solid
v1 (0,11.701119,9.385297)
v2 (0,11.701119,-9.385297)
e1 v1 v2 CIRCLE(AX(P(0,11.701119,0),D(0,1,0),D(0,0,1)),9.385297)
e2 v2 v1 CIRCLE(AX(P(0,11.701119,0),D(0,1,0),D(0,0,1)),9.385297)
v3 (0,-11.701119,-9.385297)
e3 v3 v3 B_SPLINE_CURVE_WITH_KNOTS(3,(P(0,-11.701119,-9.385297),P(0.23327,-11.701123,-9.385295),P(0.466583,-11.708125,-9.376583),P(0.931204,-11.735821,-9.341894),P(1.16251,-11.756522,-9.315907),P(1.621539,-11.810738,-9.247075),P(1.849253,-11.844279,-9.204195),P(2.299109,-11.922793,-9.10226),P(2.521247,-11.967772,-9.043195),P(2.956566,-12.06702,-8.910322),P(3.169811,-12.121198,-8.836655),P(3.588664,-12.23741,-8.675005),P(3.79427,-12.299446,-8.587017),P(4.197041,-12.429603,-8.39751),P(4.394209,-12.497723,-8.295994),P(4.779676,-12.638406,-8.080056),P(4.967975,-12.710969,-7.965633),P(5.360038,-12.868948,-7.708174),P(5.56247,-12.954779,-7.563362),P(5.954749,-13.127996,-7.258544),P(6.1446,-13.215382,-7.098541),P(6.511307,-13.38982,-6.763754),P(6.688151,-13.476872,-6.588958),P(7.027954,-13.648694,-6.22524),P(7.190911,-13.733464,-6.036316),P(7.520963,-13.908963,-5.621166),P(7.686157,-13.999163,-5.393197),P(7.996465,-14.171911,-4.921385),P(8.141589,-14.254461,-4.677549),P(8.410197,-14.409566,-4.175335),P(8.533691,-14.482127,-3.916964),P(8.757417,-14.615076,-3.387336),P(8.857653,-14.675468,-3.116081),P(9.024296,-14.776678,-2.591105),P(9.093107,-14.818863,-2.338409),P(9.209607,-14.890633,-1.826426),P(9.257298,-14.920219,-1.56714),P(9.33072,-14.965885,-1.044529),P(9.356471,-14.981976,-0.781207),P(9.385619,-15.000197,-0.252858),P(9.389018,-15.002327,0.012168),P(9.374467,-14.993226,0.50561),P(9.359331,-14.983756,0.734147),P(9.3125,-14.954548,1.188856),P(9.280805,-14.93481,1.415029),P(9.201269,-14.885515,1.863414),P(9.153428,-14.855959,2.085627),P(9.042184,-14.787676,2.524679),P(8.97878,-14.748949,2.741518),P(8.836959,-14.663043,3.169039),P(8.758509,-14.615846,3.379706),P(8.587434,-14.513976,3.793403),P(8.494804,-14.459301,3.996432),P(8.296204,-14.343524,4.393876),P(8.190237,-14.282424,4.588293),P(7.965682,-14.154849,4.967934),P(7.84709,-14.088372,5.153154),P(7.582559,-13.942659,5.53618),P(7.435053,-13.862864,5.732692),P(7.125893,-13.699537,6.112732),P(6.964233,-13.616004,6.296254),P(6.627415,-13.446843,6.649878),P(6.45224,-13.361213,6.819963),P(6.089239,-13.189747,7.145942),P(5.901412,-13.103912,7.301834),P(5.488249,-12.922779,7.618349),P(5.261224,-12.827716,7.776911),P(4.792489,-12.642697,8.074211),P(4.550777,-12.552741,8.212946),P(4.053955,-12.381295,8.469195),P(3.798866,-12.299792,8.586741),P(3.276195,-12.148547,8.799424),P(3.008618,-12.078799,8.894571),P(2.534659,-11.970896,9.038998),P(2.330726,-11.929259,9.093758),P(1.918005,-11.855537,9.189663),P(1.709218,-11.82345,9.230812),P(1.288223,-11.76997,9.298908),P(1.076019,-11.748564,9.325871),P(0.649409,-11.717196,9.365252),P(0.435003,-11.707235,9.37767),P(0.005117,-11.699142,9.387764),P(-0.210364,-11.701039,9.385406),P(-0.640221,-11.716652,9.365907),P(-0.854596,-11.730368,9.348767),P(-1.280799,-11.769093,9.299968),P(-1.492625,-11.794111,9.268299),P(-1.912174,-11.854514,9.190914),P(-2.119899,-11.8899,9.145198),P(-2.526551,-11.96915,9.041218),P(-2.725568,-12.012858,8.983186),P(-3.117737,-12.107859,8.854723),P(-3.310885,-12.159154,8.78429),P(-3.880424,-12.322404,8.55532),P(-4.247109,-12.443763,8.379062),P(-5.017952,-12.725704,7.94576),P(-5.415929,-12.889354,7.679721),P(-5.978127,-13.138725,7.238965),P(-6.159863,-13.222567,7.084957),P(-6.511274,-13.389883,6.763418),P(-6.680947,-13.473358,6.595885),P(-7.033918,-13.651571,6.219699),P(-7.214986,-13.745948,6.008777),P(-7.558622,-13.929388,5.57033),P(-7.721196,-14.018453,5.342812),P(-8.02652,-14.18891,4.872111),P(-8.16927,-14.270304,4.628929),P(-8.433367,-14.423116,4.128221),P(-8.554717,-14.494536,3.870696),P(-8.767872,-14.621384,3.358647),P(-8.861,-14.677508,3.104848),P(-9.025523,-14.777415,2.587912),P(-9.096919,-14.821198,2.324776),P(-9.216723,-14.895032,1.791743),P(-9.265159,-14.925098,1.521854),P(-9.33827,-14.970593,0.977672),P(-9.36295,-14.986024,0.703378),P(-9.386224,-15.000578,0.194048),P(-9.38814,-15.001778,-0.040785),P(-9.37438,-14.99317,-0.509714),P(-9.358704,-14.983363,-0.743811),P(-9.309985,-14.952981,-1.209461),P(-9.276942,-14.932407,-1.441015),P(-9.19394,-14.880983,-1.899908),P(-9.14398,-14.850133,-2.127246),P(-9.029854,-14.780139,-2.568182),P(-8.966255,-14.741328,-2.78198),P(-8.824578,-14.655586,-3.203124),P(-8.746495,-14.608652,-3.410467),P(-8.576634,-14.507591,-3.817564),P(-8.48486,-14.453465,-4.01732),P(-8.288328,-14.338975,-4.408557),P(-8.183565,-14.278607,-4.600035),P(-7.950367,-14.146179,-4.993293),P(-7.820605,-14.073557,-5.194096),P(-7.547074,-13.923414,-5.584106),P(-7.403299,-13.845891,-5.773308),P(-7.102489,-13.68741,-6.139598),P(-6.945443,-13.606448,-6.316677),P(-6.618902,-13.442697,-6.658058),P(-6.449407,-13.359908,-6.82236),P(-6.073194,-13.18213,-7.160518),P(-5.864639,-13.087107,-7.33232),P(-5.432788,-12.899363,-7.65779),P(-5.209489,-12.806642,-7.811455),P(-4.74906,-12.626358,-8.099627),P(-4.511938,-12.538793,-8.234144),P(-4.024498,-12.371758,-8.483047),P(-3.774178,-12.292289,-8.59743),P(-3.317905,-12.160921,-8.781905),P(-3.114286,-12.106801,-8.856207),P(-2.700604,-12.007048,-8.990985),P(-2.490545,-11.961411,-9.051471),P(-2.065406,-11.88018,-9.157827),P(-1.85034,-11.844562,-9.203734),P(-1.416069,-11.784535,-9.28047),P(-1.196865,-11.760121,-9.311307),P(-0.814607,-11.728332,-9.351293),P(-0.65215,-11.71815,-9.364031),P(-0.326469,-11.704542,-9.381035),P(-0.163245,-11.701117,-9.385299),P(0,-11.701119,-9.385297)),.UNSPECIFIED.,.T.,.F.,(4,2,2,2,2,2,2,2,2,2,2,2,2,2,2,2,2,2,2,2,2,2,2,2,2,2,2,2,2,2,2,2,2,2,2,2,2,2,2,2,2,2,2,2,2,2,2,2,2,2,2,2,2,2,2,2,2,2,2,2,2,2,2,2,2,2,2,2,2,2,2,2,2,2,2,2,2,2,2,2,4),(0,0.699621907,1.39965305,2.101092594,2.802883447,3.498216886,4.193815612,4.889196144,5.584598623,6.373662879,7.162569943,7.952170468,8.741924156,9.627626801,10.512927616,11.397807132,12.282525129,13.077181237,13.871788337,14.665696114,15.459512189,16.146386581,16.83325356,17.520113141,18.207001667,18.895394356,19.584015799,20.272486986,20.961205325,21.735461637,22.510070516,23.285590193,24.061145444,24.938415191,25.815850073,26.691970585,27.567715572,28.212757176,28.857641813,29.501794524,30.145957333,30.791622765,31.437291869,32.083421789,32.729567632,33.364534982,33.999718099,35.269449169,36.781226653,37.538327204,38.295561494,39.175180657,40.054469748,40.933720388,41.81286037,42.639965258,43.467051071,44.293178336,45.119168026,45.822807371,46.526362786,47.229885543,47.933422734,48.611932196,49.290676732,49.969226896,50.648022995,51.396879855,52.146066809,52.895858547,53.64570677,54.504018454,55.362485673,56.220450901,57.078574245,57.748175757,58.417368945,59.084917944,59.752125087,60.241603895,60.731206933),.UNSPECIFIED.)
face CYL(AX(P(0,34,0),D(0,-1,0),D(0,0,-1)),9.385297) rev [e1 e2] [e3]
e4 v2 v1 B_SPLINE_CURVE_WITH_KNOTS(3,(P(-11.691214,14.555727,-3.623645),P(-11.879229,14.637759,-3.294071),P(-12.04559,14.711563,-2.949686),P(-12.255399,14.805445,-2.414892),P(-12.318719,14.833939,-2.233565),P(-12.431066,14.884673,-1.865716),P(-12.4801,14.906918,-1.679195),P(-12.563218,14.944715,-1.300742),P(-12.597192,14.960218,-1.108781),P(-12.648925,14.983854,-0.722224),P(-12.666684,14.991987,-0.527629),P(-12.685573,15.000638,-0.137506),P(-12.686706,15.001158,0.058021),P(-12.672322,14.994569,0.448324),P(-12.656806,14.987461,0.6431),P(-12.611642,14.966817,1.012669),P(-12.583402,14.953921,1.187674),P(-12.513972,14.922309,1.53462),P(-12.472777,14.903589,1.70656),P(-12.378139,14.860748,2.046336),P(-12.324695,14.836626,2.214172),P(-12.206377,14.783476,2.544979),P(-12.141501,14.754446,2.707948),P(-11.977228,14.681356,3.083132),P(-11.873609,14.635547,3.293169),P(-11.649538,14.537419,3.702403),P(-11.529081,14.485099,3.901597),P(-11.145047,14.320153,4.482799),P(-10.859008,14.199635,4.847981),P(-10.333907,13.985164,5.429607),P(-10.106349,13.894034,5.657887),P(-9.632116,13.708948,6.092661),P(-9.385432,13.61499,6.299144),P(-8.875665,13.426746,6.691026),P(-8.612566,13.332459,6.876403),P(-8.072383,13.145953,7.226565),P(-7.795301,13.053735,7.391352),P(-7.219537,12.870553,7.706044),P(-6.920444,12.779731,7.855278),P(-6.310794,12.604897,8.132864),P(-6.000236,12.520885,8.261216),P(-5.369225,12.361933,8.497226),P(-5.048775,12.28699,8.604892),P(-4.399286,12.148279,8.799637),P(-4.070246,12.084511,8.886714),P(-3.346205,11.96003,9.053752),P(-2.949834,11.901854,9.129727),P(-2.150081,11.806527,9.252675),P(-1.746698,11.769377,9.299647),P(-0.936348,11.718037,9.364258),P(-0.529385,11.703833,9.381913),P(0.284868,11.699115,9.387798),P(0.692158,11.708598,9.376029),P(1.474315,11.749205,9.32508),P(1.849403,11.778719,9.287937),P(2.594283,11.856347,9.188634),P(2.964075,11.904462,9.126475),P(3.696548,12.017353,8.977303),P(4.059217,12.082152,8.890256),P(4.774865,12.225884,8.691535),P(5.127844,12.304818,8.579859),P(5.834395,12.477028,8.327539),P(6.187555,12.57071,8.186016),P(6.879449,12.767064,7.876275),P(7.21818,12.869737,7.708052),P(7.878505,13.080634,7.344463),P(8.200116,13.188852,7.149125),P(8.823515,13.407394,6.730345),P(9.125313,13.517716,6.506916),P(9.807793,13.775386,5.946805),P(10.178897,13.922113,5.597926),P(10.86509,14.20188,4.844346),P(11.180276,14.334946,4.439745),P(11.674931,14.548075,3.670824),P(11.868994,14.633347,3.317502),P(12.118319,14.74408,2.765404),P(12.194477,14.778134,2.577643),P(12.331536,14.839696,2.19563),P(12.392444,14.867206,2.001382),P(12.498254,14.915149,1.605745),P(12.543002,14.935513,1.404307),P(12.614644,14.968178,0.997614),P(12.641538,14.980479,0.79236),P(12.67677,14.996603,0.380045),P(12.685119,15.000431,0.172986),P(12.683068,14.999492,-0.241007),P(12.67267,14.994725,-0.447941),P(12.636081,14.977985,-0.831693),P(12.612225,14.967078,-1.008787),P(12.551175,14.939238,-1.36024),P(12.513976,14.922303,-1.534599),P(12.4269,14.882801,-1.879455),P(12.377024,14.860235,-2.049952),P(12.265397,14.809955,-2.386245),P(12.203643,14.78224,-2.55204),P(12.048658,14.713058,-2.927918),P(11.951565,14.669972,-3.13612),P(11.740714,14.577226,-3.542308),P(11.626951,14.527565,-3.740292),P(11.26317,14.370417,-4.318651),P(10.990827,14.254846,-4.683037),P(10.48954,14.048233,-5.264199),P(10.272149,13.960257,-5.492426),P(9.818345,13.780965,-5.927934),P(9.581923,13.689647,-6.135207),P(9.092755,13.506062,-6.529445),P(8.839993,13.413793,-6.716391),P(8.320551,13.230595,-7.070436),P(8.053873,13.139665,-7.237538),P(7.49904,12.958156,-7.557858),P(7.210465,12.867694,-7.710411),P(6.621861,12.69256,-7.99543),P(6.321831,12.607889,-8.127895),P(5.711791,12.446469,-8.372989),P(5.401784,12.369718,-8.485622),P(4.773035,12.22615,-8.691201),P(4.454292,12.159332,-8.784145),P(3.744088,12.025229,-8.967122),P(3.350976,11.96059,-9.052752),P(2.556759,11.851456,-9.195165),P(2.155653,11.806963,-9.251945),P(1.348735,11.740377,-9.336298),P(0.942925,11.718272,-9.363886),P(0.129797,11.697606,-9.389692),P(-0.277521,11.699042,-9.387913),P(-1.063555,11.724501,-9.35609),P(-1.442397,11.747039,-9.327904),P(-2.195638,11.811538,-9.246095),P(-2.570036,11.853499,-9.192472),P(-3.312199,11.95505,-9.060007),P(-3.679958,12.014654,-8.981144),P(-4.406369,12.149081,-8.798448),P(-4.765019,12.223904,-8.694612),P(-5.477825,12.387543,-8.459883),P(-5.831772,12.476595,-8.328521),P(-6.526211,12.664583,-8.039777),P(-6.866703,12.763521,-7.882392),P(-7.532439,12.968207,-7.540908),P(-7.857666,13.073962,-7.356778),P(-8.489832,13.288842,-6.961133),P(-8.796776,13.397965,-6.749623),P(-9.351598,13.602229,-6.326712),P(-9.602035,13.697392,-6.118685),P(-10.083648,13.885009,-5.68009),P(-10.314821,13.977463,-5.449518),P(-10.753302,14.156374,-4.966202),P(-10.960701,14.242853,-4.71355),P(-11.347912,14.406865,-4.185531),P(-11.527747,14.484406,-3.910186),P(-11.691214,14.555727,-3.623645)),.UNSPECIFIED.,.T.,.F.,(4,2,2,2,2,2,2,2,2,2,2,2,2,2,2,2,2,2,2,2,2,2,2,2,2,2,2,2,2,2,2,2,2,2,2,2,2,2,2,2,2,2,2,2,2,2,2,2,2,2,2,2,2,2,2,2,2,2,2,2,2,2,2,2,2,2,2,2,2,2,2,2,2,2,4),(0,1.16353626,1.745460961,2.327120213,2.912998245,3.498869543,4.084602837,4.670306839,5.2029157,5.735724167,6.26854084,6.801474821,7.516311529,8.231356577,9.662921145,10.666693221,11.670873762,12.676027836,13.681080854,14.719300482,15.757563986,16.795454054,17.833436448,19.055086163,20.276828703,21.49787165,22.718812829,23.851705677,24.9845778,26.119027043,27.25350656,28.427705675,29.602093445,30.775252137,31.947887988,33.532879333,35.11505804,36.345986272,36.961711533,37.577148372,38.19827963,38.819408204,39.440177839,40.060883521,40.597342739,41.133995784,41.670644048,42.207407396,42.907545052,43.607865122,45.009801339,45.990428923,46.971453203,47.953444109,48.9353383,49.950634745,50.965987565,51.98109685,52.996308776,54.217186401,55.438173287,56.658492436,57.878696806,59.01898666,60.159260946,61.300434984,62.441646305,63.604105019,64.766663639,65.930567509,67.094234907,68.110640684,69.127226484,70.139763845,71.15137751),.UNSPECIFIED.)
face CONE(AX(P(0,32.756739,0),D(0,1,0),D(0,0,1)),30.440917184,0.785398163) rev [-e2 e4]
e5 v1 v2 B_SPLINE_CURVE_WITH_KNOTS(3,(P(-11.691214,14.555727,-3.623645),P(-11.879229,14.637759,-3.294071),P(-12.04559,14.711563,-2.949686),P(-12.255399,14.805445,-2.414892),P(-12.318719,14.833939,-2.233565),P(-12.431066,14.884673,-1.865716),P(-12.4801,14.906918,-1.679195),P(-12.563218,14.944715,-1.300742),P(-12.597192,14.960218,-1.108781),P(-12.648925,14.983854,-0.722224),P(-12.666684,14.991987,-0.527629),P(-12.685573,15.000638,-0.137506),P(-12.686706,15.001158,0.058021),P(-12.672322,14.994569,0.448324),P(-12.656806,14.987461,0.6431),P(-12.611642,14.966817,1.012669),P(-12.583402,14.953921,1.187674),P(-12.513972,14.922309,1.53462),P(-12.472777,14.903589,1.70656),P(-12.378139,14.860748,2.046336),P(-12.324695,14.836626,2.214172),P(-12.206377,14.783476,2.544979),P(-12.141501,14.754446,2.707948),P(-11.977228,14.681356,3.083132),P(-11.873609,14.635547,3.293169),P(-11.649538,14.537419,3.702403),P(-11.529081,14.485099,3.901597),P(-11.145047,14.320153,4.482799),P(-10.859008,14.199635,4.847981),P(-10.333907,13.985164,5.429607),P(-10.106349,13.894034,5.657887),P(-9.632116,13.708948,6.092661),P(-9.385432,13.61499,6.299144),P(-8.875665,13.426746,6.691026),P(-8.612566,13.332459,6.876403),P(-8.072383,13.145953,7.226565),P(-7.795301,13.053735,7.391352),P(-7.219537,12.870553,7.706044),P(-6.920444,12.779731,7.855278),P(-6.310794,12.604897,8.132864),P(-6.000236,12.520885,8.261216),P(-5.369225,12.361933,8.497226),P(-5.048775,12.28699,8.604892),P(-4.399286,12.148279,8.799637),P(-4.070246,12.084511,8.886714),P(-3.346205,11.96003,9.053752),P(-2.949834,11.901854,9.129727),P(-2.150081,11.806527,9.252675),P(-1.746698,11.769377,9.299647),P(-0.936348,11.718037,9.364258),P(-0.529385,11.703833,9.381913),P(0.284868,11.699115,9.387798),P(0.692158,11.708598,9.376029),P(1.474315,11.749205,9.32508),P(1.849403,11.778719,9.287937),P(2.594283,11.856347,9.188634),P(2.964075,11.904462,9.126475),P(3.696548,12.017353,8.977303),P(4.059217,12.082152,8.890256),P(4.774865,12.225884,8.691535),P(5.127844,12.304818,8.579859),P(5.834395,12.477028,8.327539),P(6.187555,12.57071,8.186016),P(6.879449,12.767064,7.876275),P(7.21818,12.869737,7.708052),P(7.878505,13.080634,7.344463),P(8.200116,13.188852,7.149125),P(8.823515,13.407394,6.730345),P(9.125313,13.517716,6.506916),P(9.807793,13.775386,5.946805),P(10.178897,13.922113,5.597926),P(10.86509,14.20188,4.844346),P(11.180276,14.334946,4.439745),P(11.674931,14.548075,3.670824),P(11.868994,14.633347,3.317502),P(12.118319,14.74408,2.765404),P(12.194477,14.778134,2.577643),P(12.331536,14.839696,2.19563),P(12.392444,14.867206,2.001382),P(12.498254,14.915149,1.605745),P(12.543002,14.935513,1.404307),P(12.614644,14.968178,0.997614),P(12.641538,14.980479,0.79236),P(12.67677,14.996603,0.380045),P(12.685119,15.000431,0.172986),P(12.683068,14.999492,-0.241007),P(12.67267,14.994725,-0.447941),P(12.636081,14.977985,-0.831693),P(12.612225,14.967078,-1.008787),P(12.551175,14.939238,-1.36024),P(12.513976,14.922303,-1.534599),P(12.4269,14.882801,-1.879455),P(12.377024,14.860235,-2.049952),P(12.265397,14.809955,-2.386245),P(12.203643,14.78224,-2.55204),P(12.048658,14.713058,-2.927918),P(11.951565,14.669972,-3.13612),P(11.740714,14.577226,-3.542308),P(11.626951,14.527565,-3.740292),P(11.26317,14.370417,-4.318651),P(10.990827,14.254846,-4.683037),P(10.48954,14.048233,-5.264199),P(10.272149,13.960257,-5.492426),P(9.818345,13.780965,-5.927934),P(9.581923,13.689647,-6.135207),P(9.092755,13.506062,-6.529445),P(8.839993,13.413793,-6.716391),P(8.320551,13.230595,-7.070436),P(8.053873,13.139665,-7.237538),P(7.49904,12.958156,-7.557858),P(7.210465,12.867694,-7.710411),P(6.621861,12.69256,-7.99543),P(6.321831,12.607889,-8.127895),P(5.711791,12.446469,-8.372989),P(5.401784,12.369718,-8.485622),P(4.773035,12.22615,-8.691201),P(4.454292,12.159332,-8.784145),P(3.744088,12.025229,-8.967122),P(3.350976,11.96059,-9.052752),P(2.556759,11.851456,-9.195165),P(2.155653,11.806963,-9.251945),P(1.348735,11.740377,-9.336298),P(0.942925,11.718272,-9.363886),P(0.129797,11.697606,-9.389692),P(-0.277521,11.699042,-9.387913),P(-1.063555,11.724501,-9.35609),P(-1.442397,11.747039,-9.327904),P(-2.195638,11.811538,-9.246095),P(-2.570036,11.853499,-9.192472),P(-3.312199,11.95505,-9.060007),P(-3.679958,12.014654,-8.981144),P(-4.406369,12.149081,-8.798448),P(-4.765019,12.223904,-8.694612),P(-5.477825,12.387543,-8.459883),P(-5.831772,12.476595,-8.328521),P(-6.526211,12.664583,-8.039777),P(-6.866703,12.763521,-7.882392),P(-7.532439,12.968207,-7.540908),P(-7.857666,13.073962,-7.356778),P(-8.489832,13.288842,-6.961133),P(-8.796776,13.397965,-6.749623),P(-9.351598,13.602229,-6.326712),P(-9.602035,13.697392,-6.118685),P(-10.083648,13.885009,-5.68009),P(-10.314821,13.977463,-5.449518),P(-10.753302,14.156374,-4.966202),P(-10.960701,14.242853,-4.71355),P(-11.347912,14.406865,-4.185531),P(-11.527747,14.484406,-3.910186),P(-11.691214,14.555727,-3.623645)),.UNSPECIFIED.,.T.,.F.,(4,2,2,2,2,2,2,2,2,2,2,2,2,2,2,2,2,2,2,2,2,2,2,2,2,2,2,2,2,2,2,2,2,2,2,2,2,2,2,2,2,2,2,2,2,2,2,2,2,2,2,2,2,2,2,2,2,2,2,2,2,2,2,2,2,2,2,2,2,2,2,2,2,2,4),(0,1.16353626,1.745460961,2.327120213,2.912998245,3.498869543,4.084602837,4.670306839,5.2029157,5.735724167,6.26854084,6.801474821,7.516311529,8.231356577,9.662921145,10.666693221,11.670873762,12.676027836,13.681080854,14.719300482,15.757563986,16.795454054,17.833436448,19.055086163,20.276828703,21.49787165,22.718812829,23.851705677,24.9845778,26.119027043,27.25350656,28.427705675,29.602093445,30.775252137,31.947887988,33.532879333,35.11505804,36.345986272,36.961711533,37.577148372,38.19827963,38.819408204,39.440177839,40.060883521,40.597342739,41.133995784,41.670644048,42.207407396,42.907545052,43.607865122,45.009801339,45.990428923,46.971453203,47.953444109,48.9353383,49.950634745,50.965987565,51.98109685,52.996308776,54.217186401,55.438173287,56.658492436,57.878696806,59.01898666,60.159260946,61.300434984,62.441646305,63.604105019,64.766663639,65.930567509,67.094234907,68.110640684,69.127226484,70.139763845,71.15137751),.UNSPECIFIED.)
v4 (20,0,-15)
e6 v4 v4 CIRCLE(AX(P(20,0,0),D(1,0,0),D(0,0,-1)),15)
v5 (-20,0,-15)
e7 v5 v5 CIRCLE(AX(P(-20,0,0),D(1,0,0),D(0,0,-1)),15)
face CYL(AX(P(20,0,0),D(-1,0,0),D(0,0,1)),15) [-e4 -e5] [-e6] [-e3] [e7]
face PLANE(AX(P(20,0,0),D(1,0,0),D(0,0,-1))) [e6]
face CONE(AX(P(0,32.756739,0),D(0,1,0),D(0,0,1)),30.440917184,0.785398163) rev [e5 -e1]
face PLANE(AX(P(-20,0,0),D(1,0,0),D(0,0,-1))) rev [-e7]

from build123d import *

# Parameters (mm, degrees)
SZKIC1_R                    = 15
DODANIE_WYCI_GNI_CIE1_DEPTH = 20
SKETCH1_R                   = 9.385297187
CUT_EXTRUDE1_DEPTH          = 34
CUT_EXTRUDE1_DEPTH_BACK     = 23


with BuildPart() as part:
    # Szkic1 → Dodanie-wyciągnięcie1 (new body, symmetric)
    with BuildSketch(Plane(origin=(0, 0, 0), x_dir=(0, 0, -1), z_dir=(1, 0, 0))):
        Circle(SZKIC1_R)
    extrude(amount=DODANIE_WYCI_GNI_CIE1_DEPTH, both=True)

    # Sketch1 → Cut-Extrude1 (cut, two sides)
    with BuildSketch(Plane(origin=(0, 0, 0), x_dir=(1, 0, 0), z_dir=(0, 1, 0))) as cut_extrude1_sk:
        with Locations(Location((0, 0, 0), (0, 0, 90))):  # turned: the seam where the file's is
            Circle(SKETCH1_R)
    extrude(amount=CUT_EXTRUDE1_DEPTH, mode=Mode.SUBTRACT)
    extrude(cut_extrude1_sk.sketch, amount=-CUT_EXTRUDE1_DEPTH_BACK, mode=Mode.SUBTRACT)

    # Sketch2 → Cut-Revolve1 (revolve, cut)
    with BuildSketch(Plane(origin=(0, 0, 0), x_dir=(0, 0, -1), z_dir=(1, 0, 0)), mode=Mode.PRIVATE) as cut_revolve1_sk:
        Polygon((0, 2.315822277), (0, 32.756739461), (-30.440917184, 32.756739461), align=None)
    revolve(cut_revolve1_sk.sketch.rotate(Axis((0, 2.315822277, 0), (0, 1, 0)), 180), axis=Axis((0, 2.315822277, 0), (0, 1, 0)), mode=Mode.SUBTRACT)  # turned: the seam where the file's is


solid = part.part
